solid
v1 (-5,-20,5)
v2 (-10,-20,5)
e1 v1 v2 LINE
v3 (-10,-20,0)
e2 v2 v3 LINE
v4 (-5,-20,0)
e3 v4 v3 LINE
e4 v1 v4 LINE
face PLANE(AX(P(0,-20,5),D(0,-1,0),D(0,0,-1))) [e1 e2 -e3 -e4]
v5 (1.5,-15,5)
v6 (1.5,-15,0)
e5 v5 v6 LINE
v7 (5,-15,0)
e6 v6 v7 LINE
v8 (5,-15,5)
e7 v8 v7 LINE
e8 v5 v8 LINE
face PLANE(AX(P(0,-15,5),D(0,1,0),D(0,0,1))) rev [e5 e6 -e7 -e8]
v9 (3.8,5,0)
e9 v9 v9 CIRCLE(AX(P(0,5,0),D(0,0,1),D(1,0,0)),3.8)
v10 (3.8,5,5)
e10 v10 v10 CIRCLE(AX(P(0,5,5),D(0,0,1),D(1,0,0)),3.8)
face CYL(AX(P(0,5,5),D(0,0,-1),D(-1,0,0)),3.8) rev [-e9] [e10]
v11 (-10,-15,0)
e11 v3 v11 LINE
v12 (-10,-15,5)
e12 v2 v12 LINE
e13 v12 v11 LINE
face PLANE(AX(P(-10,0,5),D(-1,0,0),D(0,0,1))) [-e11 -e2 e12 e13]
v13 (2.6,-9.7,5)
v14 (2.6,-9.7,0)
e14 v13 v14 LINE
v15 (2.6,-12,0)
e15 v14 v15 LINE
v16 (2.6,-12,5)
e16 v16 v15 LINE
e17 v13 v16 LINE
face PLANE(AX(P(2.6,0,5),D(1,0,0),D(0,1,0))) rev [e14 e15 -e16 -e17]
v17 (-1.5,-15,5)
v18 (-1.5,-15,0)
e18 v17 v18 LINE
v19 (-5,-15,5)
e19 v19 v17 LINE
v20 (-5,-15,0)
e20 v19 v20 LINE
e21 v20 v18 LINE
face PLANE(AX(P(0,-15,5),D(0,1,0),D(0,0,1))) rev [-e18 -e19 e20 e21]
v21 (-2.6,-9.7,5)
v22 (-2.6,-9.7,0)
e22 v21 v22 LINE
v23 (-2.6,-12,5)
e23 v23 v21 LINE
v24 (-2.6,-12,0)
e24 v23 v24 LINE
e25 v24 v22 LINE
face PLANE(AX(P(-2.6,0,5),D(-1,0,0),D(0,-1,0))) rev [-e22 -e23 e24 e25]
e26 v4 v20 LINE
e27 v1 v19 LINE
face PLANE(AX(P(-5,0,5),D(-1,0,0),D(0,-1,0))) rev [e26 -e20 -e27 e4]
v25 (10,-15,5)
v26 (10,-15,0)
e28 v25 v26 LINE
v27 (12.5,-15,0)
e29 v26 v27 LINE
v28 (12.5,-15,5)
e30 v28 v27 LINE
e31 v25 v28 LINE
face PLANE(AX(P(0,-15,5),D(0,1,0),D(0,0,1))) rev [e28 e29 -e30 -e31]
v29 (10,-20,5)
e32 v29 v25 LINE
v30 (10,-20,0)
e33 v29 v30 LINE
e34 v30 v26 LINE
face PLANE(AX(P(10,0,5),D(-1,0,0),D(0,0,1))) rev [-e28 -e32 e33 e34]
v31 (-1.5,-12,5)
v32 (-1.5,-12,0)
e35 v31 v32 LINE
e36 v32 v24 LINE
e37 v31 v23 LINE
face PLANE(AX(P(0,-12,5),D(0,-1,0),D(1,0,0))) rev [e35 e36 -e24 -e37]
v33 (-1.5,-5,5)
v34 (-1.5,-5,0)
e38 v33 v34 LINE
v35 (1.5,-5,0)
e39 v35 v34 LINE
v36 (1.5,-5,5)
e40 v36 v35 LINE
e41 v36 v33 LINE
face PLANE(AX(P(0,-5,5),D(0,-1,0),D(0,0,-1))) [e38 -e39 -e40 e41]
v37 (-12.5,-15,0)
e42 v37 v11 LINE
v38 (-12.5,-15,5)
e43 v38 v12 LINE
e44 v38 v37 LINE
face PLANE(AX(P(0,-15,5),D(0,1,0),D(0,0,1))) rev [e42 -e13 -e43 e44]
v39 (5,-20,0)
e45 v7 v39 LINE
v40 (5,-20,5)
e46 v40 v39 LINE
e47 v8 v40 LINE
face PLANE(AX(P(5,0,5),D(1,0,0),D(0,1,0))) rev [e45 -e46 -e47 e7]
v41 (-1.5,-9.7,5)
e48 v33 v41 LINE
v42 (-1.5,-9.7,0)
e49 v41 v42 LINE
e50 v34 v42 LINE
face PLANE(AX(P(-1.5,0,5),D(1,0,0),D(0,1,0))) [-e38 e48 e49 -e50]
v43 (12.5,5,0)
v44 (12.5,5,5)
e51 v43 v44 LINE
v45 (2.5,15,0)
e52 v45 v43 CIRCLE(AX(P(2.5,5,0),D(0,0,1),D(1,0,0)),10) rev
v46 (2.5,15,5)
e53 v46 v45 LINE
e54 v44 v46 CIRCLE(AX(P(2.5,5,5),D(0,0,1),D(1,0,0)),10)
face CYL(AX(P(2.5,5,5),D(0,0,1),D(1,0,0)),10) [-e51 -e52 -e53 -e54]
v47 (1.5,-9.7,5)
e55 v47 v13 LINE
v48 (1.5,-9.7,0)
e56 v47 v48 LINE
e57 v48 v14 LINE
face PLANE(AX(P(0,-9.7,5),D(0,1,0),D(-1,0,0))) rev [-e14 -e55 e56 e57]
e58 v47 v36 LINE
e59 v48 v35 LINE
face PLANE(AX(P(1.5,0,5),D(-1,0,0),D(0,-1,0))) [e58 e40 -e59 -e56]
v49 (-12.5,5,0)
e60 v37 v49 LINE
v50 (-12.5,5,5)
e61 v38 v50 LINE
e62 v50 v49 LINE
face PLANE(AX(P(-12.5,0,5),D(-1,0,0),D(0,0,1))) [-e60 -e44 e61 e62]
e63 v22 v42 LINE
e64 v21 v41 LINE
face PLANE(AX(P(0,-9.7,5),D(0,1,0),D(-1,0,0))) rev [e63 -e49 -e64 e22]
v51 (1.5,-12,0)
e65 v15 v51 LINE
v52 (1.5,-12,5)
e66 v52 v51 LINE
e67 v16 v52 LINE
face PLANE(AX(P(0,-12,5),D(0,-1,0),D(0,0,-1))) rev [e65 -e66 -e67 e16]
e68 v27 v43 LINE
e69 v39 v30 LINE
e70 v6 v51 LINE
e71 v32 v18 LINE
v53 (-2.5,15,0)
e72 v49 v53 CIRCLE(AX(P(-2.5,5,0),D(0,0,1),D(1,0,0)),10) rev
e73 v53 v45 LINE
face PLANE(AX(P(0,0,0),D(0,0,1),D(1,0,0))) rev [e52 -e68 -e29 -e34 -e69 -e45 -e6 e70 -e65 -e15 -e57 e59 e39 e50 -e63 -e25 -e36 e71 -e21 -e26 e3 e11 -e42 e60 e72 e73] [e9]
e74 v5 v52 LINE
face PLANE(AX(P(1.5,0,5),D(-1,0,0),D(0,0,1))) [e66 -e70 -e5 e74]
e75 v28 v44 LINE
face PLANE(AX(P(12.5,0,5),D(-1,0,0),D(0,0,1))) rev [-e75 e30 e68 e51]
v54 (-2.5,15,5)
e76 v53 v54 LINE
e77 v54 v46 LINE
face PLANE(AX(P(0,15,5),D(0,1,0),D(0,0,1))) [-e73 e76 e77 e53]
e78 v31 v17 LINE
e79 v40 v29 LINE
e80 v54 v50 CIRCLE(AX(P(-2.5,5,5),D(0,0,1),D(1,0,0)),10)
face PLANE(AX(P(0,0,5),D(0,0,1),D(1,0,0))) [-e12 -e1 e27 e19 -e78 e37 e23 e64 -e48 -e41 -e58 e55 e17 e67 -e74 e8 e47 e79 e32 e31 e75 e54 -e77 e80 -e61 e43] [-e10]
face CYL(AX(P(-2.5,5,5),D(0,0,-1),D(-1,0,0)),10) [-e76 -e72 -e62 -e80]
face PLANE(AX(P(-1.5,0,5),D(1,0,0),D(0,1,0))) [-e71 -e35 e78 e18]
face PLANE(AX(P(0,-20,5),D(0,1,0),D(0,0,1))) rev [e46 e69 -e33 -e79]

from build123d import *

# Parameters (mm, degrees)
SKETCH1_R           = 3.8
BOSS_EXTRUDE1_DEPTH = 5
FILLET1_R           = 10


with BuildPart() as part:
    # Sketch1 → Boss-Extrude1 (new body)
    with BuildSketch(Plane.XY):
        Polygon((-12.5, 15), (-12.5, -15), (-10, -15), (-10, -20), (-5, -20), (-5, -15), (-1.5, -15), (-1.5, -12), (-2.6, -12), (-2.6, -9.7), (-1.5, -9.7), (-1.5, -5), (1.5, -5), (1.5, -9.7), (2.6, -9.7), (2.6, -12), (1.5, -12), (1.5, -15), (5, -15), (5, -20), (10, -20), (10, -15), (12.5, -15), (12.5, 15), align=None)
        with Locations((0, 5)):
            Circle(SKETCH1_R, mode=Mode.SUBTRACT)
    extrude(amount=BOSS_EXTRUDE1_DEPTH)

    # Fillet1
    fillet1_edges = [part.edges().sort_by_distance(p)[0] for p in [
        (-12.5, 15, 2.5),
        (12.5, 15, 2.5),
    ]]
    fillet(fillet1_edges, radius=FILLET1_R)


solid = part.part
